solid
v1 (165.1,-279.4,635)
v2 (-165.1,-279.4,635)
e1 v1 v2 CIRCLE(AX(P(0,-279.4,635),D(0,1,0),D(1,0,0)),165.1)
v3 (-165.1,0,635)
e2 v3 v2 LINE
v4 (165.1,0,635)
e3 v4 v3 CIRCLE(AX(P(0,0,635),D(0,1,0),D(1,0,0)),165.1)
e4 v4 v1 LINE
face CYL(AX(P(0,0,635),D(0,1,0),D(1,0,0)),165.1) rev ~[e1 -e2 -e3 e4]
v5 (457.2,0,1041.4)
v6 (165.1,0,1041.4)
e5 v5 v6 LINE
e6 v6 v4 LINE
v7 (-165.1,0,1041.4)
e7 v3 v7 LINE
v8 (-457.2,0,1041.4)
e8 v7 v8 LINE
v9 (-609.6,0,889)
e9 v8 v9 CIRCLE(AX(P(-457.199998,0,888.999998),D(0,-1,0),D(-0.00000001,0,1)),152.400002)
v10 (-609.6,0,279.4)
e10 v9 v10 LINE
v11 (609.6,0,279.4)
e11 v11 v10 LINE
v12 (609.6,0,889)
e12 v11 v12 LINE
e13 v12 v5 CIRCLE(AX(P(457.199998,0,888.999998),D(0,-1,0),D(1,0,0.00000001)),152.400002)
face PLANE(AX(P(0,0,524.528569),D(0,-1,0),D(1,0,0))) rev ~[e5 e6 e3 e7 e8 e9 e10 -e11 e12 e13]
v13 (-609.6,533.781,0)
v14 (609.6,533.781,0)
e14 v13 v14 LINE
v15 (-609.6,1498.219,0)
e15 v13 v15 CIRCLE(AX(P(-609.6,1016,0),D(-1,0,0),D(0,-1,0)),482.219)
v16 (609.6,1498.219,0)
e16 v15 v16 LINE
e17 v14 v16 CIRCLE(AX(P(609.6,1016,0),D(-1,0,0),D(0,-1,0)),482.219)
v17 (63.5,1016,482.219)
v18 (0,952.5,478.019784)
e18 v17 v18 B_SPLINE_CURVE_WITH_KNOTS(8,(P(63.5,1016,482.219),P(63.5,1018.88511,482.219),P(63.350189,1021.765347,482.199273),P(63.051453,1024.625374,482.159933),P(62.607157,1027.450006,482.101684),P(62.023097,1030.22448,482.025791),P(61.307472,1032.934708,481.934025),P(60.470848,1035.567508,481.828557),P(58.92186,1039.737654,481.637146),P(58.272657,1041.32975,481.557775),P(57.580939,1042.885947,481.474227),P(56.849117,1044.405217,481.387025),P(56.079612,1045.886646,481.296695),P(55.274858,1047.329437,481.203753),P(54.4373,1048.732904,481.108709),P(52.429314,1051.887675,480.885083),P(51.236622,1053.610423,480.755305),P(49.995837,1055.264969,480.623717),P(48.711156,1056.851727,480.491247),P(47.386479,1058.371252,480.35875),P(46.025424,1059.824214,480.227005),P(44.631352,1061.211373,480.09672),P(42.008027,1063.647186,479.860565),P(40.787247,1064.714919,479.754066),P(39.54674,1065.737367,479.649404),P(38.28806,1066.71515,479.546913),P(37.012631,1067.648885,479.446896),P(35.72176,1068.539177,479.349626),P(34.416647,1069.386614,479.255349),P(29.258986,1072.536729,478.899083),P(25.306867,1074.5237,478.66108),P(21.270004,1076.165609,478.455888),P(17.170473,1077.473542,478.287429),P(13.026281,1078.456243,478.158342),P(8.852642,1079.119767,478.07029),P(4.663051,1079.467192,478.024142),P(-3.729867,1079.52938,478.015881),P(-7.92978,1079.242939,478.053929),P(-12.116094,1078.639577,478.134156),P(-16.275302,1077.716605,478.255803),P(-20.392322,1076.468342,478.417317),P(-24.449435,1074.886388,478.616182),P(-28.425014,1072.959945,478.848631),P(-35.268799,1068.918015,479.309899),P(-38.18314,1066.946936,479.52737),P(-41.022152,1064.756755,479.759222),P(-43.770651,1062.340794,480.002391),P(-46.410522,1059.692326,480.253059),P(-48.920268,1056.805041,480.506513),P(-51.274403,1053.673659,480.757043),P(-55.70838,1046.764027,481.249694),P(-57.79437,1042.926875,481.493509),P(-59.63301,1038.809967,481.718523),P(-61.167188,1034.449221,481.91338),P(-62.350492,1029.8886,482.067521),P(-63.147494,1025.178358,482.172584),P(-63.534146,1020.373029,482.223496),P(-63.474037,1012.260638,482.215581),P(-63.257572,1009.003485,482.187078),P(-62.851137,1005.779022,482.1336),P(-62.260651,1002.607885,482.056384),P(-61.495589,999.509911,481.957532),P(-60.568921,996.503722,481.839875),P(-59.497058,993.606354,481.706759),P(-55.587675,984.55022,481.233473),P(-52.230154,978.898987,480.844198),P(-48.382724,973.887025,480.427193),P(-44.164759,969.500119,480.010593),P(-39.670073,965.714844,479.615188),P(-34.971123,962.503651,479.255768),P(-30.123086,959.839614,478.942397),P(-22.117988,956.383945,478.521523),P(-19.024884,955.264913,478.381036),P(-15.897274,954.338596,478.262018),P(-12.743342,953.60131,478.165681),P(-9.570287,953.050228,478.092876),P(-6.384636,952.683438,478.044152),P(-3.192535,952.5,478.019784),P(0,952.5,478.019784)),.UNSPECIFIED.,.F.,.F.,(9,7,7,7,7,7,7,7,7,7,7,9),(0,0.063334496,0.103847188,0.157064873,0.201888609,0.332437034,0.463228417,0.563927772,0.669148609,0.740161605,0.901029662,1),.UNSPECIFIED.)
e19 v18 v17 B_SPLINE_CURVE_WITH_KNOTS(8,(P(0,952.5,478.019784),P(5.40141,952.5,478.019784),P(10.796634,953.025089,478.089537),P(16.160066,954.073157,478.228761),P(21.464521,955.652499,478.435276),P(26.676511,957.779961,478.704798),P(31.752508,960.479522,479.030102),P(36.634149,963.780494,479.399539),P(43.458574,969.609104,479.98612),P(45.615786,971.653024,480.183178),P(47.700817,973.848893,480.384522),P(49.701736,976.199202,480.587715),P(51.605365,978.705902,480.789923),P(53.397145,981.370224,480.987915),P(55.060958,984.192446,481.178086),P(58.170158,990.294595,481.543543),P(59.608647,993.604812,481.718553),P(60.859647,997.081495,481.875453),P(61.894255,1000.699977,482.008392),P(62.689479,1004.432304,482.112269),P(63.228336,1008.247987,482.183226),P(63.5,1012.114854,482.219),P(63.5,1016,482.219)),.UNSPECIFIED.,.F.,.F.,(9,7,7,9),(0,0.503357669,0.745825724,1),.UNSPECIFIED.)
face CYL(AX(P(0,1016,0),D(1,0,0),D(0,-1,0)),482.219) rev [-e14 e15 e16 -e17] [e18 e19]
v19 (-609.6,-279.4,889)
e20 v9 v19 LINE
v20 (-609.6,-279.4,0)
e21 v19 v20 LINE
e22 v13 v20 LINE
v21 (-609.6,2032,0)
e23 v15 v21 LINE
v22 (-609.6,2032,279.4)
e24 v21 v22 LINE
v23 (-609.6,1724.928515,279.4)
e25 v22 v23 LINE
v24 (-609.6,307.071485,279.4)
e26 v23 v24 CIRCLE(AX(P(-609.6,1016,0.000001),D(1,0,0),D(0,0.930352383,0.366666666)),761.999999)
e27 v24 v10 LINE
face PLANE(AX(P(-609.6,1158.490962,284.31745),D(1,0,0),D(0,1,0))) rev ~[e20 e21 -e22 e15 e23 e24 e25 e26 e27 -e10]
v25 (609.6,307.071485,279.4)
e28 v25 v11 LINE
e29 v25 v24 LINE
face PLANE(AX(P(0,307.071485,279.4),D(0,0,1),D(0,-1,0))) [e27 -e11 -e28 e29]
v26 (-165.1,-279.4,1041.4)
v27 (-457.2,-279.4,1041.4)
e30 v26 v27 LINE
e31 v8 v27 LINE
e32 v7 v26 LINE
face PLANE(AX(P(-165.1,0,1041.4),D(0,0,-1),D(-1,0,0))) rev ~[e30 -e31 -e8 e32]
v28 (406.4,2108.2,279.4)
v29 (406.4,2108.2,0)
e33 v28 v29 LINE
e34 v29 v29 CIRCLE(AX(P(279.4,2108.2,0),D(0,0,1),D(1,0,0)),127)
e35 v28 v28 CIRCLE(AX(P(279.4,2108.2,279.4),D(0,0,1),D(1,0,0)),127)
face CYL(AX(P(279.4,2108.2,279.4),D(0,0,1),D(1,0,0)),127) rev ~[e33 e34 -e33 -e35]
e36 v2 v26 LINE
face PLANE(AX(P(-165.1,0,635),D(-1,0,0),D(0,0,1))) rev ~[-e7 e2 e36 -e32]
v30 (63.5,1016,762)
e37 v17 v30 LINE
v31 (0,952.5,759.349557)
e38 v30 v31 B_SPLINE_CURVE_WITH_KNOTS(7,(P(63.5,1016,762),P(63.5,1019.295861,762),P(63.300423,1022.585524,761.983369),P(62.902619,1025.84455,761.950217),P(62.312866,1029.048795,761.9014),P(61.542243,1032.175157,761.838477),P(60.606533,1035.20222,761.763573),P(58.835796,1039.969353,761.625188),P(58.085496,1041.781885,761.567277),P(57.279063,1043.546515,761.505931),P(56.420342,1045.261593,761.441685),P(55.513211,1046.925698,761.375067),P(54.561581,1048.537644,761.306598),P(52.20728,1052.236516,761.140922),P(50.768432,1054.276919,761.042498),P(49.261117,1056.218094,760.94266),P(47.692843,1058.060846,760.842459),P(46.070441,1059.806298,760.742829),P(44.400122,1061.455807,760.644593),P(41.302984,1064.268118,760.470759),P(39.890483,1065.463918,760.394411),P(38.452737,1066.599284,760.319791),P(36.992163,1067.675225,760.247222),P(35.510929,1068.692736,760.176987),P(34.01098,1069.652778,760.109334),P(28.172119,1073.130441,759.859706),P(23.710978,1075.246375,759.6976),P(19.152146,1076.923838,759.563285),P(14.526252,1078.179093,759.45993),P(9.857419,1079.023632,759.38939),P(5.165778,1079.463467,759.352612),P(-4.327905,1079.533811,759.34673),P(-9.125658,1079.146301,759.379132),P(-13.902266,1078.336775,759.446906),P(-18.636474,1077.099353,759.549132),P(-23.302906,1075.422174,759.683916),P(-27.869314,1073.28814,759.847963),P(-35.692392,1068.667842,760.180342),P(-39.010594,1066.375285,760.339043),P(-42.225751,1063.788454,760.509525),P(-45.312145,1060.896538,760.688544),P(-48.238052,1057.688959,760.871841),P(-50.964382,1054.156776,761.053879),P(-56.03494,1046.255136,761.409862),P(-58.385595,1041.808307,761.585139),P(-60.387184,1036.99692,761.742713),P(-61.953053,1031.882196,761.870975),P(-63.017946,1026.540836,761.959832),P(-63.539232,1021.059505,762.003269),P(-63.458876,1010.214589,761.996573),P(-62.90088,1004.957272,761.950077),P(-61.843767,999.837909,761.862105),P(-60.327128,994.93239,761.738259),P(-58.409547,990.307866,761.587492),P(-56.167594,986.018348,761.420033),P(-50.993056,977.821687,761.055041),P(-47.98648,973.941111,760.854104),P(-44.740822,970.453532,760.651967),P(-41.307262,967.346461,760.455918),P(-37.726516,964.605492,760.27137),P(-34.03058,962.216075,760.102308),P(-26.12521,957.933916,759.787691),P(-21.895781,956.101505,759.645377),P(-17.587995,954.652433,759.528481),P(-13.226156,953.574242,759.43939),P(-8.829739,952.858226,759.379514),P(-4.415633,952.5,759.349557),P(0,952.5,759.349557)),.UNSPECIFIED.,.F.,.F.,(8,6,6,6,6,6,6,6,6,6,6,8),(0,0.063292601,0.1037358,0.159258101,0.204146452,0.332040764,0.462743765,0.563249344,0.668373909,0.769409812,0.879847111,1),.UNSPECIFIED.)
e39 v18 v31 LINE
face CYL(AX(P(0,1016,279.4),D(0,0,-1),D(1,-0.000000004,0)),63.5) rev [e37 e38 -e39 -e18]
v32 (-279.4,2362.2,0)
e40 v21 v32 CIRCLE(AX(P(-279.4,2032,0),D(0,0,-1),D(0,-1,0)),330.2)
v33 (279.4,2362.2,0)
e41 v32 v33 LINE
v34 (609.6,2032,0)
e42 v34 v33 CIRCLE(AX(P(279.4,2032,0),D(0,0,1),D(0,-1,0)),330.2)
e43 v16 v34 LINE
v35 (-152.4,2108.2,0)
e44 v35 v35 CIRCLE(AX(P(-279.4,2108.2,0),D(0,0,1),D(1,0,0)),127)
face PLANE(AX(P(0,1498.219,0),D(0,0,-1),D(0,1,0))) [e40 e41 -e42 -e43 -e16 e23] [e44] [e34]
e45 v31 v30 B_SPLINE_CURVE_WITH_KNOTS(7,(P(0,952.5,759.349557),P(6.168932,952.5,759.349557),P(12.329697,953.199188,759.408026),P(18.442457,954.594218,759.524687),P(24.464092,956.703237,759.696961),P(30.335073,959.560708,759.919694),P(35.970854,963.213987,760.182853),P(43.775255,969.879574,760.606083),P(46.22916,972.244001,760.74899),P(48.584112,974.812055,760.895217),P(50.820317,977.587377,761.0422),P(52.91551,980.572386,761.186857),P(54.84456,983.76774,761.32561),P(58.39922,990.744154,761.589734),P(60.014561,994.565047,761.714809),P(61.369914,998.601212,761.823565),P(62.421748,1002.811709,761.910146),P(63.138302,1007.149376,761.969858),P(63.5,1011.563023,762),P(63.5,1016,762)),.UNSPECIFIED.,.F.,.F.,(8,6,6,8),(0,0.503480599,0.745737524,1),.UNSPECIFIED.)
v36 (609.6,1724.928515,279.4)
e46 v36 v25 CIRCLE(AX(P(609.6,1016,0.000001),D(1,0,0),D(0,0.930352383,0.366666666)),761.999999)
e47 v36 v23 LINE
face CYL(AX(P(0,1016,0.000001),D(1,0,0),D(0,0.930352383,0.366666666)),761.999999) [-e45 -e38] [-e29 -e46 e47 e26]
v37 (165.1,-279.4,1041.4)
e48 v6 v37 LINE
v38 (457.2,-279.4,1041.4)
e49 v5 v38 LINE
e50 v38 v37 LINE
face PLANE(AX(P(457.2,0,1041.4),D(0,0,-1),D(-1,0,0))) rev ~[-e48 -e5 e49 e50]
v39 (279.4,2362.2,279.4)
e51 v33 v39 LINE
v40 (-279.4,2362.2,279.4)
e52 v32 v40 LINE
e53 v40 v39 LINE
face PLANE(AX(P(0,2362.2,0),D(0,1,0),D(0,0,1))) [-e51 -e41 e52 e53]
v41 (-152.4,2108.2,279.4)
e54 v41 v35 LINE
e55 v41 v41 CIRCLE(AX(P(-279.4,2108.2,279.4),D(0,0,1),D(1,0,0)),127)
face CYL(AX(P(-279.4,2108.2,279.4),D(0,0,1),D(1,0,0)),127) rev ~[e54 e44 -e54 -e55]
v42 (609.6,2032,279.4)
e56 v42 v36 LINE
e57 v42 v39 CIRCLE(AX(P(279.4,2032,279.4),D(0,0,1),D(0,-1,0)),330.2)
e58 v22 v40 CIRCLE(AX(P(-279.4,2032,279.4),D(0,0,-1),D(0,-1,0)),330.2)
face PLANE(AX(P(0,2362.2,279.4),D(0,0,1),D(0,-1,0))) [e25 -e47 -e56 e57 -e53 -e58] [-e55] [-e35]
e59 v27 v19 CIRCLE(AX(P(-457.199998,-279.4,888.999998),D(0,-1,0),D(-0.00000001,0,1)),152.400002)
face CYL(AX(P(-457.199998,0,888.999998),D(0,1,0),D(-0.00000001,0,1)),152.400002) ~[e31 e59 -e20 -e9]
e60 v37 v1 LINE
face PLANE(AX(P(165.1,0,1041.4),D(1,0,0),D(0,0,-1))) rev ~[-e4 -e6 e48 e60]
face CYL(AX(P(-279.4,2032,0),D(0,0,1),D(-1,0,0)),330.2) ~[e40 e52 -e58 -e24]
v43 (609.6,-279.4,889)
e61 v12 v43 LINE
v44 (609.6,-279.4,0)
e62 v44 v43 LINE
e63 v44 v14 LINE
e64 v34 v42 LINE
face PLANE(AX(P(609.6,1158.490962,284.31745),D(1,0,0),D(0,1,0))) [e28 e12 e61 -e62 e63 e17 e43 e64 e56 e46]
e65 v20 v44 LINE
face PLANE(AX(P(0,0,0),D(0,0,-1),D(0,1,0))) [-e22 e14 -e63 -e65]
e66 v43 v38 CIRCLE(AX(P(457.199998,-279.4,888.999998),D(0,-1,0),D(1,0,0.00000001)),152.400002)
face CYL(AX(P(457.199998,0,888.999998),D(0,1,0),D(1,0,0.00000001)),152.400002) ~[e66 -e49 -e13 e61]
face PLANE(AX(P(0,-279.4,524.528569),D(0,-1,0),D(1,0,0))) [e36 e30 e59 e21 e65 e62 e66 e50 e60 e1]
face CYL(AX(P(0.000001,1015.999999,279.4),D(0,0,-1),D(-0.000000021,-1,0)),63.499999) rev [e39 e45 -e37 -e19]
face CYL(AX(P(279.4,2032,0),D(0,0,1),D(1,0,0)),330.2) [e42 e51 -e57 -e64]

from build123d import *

# Parameters (mm, degrees)
F1_DEPTH = 279.4
F3_DEPTH = 609.6
F4_R     = 127
F5_DEPTH = 279.401
F6_DEPTH = 762.001
F7_R     = 330.2


with BuildPart() as f1:
    # F0 (on Front) → F1 (new body)
    with BuildSketch(Plane.XZ):
        with BuildLine():
            Line((-609.6, 0), (0, 0))
            Line((0, 0), (609.6, 0))
            Line((609.6, 0), (609.6, 889))
            ThreePointArc((609.6, 889), (564.963073, 996.763073), (457.2, 1041.4))
            Line((457.2, 1041.4), (165.1, 1041.4))
            Line((165.1, 1041.4), (165.1, 635))
            ThreePointArc((165.1, 635), (0, 469.9), (-165.1, 635))
            Line((-165.1, 635), (-165.1, 1041.4))
            Line((-165.1, 1041.4), (-457.2, 1041.4))
            ThreePointArc((-457.2, 1041.4), (-564.963073, 996.763073), (-609.6, 889))
            Line((-609.6, 889), (-609.6, 0))
        make_face()
    extrude(amount=F1_DEPTH)

    # F2 (on Right) → F3 (join, symmetric)
    with BuildSketch(Plane.YZ):
        with BuildLine():
            Line((0, 279.4), (0, 0))
            Line((0, 0), (533.781, 0))
            ThreePointArc((533.781, 0), (1016, 482.219), (1498.219, 0))
            Line((1498.219, 0), (2362.2, 0))
            Line((2362.2, 0), (2362.2, 279.4))
            Line((2362.2, 279.4), (1724.928515, 279.4))
            ThreePointArc((1724.928515, 279.4), (1016, 762), (307.071485, 279.4))
            Line((307.071485, 279.4), (0, 279.4))
        make_face()
    extrude(amount=F3_DEPTH, both=True)

    # F4 (on face) → F5 (cut, through all)
    with BuildSketch(Plane.XY.offset(279.4)):
        with Locations((279.4, 2108.2)):
            Circle(F4_R)
        with Locations((-279.4, 2108.2)):
            Circle(F4_R)
        with BuildLine():
            ThreePointArc((0, 952.5), (44.901281, 971.098719), (63.5, 1016))
            ThreePointArc((63.5, 1016), (-44.901281, 1060.901281), (0, 952.5))
        make_face()
    extrude(amount=-F5_DEPTH, mode=Mode.SUBTRACT)

    # F4 (on face) → F6 (cut, through all)
    with BuildSketch(Plane.XY.offset(279.4)):
        with Locations((279.4, 2108.2)):
            Circle(F4_R)
        with Locations((-279.4, 2108.2)):
            Circle(F4_R)
        with BuildLine():
            ThreePointArc((0, 952.5), (44.901281, 971.098719), (63.5, 1016))
            ThreePointArc((63.5, 1016), (-44.901281, 1060.901281), (0, 952.5))
        make_face()
    extrude(amount=F6_DEPTH, mode=Mode.SUBTRACT)

    # F7
    f7_edges = [f1.edges().sort_by_distance(p)[0] for p in [
        (-609.6, 2362.2, 139.7),
        (609.6, 2362.2, 139.7),
    ]]
    fillet(f7_edges, radius=F7_R)


solid = f1.part
